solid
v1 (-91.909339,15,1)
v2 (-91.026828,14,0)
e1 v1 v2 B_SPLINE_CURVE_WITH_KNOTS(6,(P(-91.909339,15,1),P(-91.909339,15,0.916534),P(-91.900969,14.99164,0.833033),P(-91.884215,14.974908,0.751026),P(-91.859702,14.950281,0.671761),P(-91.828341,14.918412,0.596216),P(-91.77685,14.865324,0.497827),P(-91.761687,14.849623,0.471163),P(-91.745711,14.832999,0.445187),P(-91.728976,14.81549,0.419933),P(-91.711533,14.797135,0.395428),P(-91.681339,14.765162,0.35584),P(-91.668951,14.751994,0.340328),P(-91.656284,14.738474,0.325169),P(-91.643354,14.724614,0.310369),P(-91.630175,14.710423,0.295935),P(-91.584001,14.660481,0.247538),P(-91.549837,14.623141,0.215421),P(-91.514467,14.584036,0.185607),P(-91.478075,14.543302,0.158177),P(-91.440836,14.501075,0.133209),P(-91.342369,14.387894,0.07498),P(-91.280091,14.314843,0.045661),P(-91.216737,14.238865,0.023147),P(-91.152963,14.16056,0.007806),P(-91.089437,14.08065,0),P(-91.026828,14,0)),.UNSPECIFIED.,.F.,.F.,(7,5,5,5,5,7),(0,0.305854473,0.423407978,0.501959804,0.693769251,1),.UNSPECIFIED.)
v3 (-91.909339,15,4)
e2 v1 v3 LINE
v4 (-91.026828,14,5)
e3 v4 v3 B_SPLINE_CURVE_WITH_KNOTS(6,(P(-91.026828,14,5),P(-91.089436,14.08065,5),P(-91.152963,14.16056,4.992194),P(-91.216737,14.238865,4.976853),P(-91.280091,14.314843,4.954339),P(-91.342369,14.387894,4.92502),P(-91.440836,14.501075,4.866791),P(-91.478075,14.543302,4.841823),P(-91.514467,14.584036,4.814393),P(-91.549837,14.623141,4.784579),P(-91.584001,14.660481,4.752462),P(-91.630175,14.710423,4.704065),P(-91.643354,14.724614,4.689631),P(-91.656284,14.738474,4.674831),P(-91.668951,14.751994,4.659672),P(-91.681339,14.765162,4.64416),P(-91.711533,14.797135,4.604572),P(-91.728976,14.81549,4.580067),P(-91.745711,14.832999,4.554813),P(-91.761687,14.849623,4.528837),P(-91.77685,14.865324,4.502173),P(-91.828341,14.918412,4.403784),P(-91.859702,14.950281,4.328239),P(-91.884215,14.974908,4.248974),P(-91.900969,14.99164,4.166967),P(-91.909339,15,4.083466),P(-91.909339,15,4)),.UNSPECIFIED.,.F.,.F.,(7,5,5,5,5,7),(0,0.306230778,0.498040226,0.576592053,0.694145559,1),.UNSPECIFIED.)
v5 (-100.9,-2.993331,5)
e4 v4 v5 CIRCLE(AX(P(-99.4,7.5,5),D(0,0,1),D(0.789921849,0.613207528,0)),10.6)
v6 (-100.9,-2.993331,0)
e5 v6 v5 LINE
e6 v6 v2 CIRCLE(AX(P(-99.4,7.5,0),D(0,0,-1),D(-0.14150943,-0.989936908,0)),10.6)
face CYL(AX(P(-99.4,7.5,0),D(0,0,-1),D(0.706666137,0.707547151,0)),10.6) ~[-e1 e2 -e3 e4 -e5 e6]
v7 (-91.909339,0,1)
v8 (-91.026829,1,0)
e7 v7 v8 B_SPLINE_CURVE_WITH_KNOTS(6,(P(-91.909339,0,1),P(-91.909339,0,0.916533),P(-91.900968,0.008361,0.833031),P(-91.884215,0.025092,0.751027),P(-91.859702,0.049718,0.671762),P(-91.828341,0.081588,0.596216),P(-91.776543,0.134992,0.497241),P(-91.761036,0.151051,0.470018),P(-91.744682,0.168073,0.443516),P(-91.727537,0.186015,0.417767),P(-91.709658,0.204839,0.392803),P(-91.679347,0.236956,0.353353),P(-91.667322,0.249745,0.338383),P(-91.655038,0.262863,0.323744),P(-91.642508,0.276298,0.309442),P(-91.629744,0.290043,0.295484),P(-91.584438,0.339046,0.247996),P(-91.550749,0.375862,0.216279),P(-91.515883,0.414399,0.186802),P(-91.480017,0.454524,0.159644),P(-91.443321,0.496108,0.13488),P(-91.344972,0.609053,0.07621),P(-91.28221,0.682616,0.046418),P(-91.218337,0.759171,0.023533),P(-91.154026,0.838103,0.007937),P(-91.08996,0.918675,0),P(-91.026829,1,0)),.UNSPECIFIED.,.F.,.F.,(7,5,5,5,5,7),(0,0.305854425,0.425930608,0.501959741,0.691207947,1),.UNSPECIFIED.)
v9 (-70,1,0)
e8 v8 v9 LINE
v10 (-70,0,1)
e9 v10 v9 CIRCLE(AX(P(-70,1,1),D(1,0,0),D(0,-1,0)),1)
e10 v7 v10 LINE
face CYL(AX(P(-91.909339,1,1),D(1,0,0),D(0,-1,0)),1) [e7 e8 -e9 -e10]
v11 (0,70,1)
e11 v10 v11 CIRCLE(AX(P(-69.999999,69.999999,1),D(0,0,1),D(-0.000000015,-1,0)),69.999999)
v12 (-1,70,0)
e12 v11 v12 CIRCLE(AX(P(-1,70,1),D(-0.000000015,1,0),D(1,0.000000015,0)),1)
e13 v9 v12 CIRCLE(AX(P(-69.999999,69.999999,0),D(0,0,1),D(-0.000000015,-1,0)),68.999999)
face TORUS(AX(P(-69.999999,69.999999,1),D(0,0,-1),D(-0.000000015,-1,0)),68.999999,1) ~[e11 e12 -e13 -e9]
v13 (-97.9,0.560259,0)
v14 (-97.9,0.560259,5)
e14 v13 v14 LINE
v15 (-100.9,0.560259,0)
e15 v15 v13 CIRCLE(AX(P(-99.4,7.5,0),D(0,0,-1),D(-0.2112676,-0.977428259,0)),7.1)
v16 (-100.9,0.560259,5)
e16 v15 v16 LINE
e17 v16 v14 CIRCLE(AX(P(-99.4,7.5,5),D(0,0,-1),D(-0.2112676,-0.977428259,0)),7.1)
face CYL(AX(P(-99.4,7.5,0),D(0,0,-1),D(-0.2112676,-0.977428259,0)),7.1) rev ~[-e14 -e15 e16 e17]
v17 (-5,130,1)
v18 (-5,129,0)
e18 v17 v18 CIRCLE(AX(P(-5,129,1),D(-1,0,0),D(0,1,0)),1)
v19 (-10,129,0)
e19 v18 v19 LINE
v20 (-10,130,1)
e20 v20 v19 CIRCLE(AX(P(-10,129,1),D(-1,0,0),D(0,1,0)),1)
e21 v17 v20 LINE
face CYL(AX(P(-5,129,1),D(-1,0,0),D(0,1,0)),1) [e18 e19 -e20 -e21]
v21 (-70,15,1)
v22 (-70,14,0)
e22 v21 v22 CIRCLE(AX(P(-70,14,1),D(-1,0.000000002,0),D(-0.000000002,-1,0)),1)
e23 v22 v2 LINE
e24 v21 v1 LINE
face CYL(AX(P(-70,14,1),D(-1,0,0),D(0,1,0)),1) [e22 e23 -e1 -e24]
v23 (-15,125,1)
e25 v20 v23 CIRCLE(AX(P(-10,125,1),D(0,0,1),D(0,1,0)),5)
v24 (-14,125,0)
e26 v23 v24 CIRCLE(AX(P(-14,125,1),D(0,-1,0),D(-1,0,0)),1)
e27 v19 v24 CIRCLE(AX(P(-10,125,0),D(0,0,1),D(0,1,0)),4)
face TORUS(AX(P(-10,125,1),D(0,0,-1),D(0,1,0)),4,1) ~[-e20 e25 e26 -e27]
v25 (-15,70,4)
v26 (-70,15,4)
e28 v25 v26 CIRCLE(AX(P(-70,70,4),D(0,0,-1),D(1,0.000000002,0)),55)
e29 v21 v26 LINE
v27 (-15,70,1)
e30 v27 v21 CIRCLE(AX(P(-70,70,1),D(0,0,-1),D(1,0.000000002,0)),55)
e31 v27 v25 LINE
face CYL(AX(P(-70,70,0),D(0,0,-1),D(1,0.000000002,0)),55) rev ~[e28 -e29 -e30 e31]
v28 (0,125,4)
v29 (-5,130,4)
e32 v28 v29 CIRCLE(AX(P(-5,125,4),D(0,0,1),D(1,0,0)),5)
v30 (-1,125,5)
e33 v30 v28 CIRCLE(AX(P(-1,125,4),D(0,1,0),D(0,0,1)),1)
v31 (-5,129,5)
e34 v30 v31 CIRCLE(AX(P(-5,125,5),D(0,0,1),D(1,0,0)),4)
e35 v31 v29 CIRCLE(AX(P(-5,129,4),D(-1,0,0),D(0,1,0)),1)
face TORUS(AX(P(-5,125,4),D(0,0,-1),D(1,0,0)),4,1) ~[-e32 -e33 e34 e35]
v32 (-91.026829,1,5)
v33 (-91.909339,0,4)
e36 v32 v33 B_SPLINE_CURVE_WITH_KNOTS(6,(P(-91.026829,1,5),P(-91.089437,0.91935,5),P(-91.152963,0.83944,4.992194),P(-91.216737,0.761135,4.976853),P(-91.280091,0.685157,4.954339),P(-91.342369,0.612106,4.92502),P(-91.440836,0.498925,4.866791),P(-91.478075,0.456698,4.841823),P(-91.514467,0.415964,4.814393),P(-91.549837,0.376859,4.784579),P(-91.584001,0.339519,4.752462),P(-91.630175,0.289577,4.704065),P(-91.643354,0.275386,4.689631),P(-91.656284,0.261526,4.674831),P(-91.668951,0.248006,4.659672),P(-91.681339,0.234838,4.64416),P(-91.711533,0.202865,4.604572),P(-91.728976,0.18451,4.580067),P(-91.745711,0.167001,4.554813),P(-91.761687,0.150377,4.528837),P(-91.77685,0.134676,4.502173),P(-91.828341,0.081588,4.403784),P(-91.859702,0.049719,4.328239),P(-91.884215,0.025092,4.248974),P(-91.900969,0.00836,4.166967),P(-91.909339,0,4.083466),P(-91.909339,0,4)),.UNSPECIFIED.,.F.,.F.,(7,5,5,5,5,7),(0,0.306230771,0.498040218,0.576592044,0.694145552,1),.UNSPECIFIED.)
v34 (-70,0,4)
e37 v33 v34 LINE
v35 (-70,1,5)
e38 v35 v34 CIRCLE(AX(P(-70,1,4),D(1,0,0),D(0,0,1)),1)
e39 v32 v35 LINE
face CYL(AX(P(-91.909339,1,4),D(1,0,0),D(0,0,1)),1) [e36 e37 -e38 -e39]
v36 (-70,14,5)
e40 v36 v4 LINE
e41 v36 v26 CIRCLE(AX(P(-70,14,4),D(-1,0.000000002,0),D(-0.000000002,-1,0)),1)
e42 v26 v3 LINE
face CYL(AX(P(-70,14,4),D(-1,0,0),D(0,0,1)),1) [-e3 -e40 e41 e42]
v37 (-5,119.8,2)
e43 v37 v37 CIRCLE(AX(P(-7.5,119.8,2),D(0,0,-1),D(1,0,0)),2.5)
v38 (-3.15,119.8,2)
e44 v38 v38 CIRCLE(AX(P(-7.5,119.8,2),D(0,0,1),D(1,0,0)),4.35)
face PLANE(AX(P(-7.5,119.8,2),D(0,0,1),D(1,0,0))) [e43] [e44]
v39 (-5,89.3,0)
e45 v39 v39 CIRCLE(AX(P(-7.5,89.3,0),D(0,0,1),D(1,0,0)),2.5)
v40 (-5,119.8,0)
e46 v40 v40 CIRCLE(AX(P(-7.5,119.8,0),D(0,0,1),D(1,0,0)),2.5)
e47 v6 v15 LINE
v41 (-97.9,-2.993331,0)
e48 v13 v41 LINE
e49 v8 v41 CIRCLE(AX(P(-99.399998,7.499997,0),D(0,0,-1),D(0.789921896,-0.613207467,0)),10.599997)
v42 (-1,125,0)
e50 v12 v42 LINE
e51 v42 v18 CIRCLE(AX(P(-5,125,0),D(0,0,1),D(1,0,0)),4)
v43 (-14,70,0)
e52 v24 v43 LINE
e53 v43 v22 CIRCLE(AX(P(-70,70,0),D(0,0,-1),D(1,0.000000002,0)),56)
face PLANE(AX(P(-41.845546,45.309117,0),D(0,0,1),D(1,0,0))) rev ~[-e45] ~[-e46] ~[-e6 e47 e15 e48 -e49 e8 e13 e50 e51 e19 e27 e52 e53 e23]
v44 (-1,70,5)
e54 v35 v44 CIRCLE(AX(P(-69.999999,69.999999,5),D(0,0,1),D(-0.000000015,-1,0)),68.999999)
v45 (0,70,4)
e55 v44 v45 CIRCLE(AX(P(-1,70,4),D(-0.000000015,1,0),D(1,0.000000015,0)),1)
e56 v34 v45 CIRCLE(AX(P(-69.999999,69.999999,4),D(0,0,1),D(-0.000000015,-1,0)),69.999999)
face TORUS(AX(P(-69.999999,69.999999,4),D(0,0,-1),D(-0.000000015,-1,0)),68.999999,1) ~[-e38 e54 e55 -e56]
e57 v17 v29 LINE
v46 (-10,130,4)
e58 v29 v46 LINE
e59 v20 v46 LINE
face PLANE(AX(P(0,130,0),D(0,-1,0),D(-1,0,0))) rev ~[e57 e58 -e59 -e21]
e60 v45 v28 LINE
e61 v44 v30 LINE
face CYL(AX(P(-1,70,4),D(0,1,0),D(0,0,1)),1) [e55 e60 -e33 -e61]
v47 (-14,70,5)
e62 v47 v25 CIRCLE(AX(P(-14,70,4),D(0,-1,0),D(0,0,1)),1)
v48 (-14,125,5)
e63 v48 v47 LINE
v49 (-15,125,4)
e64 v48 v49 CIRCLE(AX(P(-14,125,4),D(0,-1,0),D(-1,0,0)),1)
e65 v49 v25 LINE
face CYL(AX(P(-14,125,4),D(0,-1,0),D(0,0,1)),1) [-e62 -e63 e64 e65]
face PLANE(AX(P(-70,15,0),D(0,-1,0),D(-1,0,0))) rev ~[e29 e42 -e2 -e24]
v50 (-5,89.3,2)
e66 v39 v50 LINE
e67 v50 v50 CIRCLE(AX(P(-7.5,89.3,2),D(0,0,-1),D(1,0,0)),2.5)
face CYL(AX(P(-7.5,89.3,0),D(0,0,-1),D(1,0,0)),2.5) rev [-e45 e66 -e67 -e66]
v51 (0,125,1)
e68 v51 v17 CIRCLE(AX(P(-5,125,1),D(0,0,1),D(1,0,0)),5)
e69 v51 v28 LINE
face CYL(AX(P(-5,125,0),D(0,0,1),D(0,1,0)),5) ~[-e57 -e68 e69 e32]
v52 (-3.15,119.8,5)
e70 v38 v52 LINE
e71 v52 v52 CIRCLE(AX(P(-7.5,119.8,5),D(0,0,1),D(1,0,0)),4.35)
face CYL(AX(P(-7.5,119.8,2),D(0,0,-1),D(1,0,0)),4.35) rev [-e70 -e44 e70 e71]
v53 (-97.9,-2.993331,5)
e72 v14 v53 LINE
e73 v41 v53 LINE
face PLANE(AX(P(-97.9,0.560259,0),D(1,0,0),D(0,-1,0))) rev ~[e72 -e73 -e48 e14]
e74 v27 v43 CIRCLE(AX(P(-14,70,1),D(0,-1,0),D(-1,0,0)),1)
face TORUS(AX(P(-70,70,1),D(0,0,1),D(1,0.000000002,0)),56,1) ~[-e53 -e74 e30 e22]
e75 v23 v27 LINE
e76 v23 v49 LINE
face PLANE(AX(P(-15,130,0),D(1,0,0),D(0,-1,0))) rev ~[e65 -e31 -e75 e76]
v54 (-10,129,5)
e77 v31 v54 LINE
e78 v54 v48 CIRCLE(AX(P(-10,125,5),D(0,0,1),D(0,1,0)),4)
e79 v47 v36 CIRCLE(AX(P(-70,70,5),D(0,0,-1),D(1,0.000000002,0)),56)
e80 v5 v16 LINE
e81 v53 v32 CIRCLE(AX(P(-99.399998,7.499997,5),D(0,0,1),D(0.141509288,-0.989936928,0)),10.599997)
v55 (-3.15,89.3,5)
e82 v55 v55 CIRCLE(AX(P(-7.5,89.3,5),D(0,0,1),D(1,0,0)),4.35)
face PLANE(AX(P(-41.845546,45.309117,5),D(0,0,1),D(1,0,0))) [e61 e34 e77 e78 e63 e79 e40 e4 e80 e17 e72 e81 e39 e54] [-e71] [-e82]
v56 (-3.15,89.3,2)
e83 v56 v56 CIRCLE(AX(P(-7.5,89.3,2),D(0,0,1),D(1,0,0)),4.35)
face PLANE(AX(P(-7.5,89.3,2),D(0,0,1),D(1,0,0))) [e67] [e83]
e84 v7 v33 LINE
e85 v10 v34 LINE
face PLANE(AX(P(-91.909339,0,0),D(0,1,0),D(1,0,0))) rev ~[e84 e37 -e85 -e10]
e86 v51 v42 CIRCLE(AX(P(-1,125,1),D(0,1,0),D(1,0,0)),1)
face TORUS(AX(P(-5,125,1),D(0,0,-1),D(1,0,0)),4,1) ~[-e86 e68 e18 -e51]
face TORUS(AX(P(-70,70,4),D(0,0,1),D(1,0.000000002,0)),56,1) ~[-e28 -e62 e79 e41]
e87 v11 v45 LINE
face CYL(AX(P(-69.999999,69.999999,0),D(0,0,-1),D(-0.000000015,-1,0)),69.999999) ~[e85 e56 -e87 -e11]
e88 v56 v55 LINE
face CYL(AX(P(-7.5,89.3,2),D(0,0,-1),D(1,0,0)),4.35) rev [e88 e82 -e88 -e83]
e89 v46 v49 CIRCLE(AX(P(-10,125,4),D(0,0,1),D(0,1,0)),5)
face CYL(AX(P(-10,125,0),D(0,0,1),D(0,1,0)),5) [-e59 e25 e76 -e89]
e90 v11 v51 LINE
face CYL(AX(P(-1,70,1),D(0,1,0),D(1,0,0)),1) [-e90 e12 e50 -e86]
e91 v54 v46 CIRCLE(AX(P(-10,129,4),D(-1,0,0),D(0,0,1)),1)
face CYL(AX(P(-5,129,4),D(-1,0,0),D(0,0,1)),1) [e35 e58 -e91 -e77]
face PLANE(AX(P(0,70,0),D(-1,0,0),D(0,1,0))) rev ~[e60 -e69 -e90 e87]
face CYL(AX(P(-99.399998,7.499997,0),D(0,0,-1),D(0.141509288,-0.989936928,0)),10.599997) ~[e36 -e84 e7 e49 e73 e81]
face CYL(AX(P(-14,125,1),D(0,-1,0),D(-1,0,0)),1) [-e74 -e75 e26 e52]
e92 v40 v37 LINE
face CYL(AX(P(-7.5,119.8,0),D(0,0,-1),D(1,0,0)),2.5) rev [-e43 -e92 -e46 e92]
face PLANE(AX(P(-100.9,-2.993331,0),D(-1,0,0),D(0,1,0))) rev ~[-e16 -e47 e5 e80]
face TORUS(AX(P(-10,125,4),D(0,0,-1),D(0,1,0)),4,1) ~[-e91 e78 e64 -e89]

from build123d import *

# Parameters (mm, degrees)
F0_R     = 2.5
F1_DEPTH = 5
F3_R     = 4.35
F4_DEPTH = 3
F5_R     = 5
F6_R     = 5
F7_R     = 1
F8_R     = 1


with BuildPart() as f1:
    # F0 (on Top) → F1 (new body)
    with BuildSketch(Plane.XY):
        with BuildLine():
            Line((0, 130), (-15, 130))
            Line((-15, 130), (-15, 70))
            ThreePointArc((-15, 70), (-31.109127, 31.109127), (-70, 15))
            Line((-70, 15), (-91.909339, 15))
            ThreePointArc((-91.909339, 15), (-108.882194, 12.237932), (-100.9, -2.993331))
            Line((-100.9, -2.993331), (-100.9, 0.560259))
            ThreePointArc((-100.9, 0.560259), (-99.4, 14.6), (-97.9, 0.560259))
            Line((-97.9, 0.560259), (-97.9, -2.993331))
            ThreePointArc((-97.9, -2.993331), (-94.662068, -1.982194), (-91.909339, 0))
            Line((-91.909339, 0), (-70, 0))
            ThreePointArc((-70, 0), (-20.502525, 20.502525), (0, 70))
            Line((0, 70), (0, 130))
        make_face()
        with Locations((-7.5, 89.3)):
            Circle(F0_R, mode=Mode.SUBTRACT)
        with Locations((-7.5, 119.8)):
            Circle(F0_R, mode=Mode.SUBTRACT)
    extrude(amount=F1_DEPTH)

    # F3 (on offset) → F4 (cut, through all)
    with BuildSketch(Plane.XY.offset(2)):
        with Locations((-7.5, 89.3)):
            Circle(F3_R)
        with Locations((-7.5, 119.8)):
            Circle(F3_R)
    extrude(amount=F4_DEPTH, mode=Mode.SUBTRACT)

    # F5
    f5_edges = [f1.edges().sort_by_distance(p)[0] for p in [
        (0, 130, 2.5),
    ]]
    fillet(f5_edges, radius=F5_R)

    # F6
    f6_edges = [f1.edges().sort_by_distance(p)[0] for p in [
        (-15, 130, 2.5),
    ]]
    fillet(f6_edges, radius=F6_R)

    # F7
    f7_edges = [f1.edges().sort_by_distance(p)[0] for p in [
        (0, 97.5, 5),
    ]]
    fillet(f7_edges, radius=F7_R)

    # F8
    f8_edges = [f1.edges().sort_by_distance(p)[0] for p in [
        (0, 97.5, 0),
    ]]
    fillet(f8_edges, radius=F8_R)


solid = f1.part
